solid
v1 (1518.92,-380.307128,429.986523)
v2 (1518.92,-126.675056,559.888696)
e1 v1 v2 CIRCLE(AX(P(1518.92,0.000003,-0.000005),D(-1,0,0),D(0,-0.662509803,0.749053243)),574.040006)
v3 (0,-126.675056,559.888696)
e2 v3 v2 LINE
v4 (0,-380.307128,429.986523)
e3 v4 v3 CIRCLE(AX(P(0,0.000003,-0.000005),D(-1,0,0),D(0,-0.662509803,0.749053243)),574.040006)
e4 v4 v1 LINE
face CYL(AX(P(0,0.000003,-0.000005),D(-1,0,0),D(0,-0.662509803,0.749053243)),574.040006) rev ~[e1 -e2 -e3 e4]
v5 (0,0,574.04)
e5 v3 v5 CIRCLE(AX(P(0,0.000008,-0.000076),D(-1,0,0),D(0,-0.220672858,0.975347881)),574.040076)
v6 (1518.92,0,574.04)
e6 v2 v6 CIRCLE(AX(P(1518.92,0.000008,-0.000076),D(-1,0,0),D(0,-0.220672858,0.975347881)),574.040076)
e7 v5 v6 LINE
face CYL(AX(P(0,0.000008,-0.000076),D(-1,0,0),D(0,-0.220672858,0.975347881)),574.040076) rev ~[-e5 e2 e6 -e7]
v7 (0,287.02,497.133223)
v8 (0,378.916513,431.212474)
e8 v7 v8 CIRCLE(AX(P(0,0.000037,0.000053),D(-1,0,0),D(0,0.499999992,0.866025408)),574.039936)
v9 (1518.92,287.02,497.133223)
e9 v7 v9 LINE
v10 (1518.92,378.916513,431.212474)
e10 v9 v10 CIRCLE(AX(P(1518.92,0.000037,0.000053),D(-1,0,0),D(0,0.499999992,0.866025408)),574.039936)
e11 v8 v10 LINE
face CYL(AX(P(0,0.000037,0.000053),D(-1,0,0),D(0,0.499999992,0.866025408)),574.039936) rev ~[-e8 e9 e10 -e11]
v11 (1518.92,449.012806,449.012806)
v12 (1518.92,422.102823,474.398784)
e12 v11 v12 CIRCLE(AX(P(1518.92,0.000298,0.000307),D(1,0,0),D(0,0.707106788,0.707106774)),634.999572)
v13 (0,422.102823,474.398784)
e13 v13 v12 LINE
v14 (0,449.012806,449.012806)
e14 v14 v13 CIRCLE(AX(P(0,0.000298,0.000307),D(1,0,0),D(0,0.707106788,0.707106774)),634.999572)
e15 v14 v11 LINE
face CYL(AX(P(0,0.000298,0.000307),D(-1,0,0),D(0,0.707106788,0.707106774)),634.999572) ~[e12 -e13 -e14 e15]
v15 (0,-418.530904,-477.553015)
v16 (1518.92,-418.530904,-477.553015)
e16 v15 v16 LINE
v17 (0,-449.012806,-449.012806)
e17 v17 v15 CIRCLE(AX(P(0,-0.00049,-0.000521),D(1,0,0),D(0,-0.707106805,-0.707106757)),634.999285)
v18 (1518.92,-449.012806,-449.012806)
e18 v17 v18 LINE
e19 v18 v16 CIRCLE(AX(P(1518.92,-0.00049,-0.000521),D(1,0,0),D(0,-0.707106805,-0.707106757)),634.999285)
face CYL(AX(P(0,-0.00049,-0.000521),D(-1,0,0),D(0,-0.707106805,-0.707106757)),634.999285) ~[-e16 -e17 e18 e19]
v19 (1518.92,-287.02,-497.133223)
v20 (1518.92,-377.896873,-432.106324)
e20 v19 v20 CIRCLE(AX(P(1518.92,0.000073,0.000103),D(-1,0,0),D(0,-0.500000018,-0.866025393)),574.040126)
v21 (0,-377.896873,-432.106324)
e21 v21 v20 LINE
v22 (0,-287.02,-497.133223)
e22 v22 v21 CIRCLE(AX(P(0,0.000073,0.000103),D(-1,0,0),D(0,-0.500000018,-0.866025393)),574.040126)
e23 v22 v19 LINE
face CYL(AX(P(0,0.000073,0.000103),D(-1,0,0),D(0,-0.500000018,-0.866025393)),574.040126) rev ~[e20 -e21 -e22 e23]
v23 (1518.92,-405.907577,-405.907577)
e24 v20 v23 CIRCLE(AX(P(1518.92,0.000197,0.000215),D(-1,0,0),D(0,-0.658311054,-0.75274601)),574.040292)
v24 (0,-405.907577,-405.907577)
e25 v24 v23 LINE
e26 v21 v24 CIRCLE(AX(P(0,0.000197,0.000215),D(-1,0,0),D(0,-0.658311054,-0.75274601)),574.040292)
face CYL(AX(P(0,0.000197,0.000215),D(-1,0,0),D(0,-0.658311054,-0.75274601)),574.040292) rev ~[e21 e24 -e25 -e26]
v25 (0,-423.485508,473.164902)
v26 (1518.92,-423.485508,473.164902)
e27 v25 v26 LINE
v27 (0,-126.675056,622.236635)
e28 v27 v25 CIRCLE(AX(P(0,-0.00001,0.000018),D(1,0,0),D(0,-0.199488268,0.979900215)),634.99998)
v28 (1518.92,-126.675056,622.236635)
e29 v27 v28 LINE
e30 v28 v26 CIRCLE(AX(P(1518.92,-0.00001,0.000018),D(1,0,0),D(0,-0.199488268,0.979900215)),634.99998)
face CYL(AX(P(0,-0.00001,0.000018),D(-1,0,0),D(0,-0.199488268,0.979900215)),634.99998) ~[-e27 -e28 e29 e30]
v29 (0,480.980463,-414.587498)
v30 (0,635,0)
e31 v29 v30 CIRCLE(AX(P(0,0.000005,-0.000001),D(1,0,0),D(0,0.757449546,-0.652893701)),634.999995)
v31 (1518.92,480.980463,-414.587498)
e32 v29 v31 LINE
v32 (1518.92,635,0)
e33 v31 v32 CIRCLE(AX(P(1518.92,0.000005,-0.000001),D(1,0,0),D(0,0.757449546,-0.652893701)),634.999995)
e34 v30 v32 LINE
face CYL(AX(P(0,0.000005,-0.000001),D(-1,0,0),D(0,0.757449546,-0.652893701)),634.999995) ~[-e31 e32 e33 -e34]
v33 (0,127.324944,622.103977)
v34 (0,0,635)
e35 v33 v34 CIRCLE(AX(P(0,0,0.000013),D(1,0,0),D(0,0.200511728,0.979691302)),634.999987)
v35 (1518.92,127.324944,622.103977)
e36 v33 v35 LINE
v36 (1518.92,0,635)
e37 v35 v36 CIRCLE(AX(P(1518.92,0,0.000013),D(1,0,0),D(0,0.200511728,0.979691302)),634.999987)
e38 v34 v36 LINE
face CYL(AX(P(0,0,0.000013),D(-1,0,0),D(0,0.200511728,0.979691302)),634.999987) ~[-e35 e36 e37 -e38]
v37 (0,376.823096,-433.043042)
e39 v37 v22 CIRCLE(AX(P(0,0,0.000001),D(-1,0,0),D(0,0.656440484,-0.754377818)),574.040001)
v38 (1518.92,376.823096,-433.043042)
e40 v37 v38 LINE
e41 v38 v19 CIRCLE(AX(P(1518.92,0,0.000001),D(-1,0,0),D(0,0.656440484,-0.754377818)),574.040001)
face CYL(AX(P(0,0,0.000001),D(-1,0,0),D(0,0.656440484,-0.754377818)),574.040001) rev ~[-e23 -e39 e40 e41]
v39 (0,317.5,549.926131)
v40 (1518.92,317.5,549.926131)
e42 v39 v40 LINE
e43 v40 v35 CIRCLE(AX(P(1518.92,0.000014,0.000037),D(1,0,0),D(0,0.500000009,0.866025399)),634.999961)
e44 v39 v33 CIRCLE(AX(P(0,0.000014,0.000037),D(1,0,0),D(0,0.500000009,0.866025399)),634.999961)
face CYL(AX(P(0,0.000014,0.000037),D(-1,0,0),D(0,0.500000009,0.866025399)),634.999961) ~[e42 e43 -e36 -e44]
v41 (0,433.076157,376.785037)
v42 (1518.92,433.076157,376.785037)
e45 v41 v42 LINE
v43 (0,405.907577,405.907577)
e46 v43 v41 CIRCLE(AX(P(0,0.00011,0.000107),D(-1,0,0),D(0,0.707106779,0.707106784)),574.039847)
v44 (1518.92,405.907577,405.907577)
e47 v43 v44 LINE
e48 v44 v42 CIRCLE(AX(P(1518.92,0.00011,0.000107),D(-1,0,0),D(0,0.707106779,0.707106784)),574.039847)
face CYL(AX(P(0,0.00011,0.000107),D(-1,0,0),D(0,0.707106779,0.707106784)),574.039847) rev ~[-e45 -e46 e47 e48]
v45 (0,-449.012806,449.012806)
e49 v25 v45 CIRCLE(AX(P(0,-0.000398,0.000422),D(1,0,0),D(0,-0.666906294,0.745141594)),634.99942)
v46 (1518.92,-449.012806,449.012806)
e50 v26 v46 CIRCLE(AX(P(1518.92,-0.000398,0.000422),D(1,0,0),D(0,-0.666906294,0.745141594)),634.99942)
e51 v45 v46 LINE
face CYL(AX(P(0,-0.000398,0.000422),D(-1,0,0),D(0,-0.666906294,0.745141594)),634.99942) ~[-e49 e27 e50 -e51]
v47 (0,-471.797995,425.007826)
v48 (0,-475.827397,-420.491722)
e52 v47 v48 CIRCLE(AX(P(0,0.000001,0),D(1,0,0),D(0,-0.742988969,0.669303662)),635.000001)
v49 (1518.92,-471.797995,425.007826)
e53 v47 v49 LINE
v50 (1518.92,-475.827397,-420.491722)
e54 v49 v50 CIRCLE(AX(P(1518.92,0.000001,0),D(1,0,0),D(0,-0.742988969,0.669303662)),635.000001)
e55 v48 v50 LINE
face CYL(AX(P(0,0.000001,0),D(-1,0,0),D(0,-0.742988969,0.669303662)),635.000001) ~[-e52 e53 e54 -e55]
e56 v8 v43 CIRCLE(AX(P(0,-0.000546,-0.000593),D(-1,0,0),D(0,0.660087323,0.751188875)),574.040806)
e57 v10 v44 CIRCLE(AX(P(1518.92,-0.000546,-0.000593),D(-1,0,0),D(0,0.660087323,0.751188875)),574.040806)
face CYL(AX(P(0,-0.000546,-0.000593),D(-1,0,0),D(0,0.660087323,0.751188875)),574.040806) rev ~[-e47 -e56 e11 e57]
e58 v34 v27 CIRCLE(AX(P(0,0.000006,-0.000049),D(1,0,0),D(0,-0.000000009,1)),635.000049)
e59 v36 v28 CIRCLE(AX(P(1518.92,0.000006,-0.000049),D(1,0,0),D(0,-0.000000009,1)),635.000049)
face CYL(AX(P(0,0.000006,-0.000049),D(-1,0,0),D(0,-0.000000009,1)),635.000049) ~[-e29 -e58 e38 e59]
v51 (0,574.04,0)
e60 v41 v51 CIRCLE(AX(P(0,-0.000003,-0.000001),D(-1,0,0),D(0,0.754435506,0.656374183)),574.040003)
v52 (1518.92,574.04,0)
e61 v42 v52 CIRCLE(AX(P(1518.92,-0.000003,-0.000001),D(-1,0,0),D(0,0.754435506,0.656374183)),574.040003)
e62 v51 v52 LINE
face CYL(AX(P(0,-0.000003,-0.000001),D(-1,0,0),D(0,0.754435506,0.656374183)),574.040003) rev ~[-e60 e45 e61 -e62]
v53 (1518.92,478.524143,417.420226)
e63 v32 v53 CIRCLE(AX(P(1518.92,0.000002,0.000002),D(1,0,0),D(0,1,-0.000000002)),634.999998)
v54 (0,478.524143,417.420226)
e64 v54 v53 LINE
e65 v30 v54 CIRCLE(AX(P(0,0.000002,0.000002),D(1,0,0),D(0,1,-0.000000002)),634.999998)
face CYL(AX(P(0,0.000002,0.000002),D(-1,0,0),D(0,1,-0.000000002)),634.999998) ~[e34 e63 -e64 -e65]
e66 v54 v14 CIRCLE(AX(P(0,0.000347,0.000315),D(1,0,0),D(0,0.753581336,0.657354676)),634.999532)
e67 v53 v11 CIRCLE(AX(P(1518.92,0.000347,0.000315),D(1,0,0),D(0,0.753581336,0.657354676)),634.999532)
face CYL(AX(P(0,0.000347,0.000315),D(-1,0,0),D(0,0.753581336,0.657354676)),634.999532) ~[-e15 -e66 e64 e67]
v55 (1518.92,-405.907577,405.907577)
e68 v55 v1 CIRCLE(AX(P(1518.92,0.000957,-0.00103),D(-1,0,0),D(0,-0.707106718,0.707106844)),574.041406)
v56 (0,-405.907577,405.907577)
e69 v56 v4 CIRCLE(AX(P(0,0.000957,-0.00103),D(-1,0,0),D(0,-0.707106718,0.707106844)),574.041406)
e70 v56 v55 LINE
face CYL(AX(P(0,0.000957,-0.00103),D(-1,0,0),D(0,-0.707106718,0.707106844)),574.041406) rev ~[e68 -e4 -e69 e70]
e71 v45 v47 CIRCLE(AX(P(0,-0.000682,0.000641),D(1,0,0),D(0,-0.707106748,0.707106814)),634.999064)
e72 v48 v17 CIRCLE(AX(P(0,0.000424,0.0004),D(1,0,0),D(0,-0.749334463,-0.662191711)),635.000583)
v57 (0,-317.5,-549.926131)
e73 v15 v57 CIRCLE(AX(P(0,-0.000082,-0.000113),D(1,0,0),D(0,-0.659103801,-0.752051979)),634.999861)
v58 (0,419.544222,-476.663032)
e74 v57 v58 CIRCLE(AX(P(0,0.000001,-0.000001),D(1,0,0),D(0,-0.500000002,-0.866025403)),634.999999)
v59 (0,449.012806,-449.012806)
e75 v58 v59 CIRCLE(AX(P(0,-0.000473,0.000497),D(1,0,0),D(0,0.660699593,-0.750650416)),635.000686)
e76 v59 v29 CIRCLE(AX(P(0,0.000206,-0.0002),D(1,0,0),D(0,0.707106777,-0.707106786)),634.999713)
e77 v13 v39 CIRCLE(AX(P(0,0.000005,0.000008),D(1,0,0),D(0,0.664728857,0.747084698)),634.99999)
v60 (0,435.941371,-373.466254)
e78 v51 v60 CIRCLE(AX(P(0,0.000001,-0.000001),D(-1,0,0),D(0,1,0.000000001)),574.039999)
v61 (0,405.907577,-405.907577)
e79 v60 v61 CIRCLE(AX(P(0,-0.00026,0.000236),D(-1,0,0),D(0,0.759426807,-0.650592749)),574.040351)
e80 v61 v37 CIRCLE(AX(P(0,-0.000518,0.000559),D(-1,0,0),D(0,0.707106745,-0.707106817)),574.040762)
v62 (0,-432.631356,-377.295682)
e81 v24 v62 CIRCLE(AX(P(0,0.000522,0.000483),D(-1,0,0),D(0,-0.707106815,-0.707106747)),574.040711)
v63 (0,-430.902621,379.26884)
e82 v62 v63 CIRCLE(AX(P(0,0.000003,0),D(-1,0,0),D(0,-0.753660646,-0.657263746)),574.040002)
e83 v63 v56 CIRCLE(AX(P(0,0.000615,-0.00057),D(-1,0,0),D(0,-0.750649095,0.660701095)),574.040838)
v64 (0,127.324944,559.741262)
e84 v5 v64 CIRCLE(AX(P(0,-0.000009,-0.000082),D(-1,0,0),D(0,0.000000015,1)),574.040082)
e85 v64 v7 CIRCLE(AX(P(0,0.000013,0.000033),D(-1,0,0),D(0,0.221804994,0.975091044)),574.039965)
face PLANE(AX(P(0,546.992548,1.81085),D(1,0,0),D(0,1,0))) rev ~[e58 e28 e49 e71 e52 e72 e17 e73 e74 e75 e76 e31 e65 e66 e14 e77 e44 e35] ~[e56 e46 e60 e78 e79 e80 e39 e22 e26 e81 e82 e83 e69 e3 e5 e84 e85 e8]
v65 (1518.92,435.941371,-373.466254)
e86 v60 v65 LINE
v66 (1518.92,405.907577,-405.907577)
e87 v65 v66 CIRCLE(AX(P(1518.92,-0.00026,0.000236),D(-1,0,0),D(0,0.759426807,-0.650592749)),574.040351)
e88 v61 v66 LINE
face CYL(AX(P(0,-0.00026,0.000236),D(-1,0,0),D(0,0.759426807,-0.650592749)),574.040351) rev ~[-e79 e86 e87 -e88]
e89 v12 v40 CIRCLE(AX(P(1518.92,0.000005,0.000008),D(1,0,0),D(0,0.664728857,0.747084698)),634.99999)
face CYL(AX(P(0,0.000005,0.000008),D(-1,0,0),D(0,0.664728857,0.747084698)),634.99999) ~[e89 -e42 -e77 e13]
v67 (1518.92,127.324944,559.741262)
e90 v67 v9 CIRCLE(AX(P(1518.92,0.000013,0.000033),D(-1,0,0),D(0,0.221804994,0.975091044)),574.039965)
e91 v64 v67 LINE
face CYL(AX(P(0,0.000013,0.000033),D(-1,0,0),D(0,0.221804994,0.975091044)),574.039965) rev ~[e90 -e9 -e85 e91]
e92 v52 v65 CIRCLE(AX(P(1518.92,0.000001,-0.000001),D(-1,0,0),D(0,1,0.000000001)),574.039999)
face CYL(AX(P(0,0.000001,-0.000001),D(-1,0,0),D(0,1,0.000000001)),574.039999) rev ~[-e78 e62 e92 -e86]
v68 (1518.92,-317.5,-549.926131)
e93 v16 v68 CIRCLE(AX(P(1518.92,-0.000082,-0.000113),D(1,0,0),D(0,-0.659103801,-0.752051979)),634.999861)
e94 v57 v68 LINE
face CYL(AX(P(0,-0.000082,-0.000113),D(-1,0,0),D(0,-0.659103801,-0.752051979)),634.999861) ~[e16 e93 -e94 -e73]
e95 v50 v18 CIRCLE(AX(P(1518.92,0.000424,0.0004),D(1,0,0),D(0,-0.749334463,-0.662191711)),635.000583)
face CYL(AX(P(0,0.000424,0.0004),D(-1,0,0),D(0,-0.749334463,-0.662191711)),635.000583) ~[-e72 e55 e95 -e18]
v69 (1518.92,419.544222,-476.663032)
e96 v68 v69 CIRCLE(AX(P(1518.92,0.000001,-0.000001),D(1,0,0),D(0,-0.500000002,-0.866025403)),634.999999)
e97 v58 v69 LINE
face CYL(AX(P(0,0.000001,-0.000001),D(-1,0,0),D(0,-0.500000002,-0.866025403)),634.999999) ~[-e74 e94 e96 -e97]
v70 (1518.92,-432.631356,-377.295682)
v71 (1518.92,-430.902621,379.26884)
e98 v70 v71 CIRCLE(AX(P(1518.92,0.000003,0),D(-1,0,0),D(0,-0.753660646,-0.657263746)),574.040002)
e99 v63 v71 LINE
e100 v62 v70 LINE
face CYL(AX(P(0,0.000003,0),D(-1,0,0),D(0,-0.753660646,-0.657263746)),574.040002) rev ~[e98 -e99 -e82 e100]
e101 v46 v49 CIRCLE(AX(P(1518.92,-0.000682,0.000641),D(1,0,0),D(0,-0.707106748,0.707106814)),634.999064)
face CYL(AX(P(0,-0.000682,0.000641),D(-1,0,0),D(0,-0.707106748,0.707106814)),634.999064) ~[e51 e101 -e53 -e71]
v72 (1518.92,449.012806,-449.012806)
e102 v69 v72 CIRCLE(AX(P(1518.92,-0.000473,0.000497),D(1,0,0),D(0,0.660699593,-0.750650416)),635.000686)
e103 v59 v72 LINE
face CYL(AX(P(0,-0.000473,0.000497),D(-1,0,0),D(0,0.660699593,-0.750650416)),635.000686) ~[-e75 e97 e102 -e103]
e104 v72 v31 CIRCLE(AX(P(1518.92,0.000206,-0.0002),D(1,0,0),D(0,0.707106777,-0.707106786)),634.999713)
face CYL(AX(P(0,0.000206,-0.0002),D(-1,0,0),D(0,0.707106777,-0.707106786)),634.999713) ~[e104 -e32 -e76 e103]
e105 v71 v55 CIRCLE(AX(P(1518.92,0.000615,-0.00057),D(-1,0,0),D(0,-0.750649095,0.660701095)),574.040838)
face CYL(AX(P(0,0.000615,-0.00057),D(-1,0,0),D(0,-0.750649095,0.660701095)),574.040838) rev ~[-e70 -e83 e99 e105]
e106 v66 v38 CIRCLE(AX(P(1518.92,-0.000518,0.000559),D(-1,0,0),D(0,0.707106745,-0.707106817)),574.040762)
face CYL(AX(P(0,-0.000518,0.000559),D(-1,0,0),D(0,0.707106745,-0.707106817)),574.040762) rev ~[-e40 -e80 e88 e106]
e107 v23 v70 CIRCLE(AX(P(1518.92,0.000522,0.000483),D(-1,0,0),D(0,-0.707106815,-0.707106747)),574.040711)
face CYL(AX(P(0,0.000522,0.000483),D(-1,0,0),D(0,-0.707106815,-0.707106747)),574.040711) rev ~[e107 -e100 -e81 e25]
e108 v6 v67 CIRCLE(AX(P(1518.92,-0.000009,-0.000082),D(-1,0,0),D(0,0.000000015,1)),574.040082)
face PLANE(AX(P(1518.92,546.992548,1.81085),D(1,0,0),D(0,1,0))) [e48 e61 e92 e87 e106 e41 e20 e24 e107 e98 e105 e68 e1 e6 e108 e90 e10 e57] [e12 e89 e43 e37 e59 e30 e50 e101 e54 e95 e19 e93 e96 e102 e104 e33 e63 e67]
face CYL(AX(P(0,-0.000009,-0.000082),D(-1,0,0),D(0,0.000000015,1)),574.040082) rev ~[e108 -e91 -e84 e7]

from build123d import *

# Parameters (mm, degrees)
F1_DEPTH = 1518.92


with BuildPart() as f1:
    # F0 (on Right) → F1 (new body)
    with BuildSketch(Plane.YZ):
        with BuildLine():
            ThreePointArc((480.980463, -414.587498), (595.251037, -221.136164), (635, 0))
            ThreePointArc((635, 0), (594.59559, 222.892541), (478.524143, 417.420226))
            Line((478.524143, 417.420226), (433.076157, 376.785037))
            ThreePointArc((433.076157, 376.785037), (537.64531, 201.145326), (574.04, 0))
            ThreePointArc((574.04, 0), (538.409559, -199.090604), (435.941371, -373.466254))
            Line((435.941371, -373.466254), (480.980463, -414.587498))
        make_face()
        with BuildLine():
            Line((433.076157, 376.785037), (478.524143, 417.420226))
            ThreePointArc((478.524143, 417.420226), (464.037413, 433.467738), (449.012806, 449.012806))
            Line((449.012806, 449.012806), (405.907577, 405.907577))
            ThreePointArc((405.907577, 405.907577), (419.744514, 391.582003), (433.076157, 376.785037))
        make_face()
        with BuildLine():
            ThreePointArc((449.012806, -449.012806), (465.315104, -432.095885), (480.980463, -414.587498))
            Line((480.980463, -414.587498), (435.941371, -373.466254))
            ThreePointArc((435.941371, -373.466254), (421.236896, -389.976152), (405.907577, -405.907577))
            Line((405.907577, -405.907577), (449.012806, -449.012806))
        make_face()
        with BuildLine():
            Line((405.907577, 405.907577), (449.012806, 449.012806))
            ThreePointArc((449.012806, 449.012806), (435.742724, 461.901806), (422.102823, 474.398784))
            Line((422.102823, 474.398784), (378.916513, 431.212474))
            ThreePointArc((378.916513, 431.212474), (392.615967, 418.777535), (405.907577, 405.907577))
        make_face()
        with BuildLine():
            ThreePointArc((419.544222, -476.663032), (434.498517, -463.07239), (449.012806, -449.012806))
            Line((449.012806, -449.012806), (405.907577, -405.907577))
            ThreePointArc((405.907577, -405.907577), (391.600447, -419.727306), (376.823096, -433.043042))
            Line((376.823096, -433.043042), (419.544222, -476.663032))
        make_face()
        with BuildLine():
            Line((378.916513, 431.212474), (422.102823, 474.398784))
            ThreePointArc((422.102823, 474.398784), (371.724601, 514.82601), (317.5, 549.926131))
            Line((317.5, 549.926131), (287.02, 497.133223))
            ThreePointArc((287.02, 497.133223), (334.595646, 466.441503), (378.916513, 431.212474))
        make_face()
        with BuildLine():
            ThreePointArc((-317.5, -549.926131), (62.81024, -631.885966), (419.544222, -476.663032))
            Line((419.544222, -476.663032), (376.823096, -433.043042))
            ThreePointArc((376.823096, -433.043042), (55.163728, -571.383308), (-287.02, -497.133223))
            Line((-287.02, -497.133223), (-317.5, -549.926131))
        make_face()
        with BuildLine():
            Line((287.02, 497.133223), (317.5, 549.926131))
            ThreePointArc((317.5, 549.926131), (225.321366, 593.679444), (127.324944, 622.103977))
            Line((127.324944, 622.103977), (127.324944, 559.741262))
            ThreePointArc((127.324944, 559.741262), (209.524163, 534.435728), (287.02, 497.133223))
        make_face()
        with BuildLine():
            ThreePointArc((-418.530904, -477.553015), (-369.790265, -516.217164), (-317.5, -549.926131))
            Line((-317.5, -549.926131), (-287.02, -497.133223))
            ThreePointArc((-287.02, -497.133223), (-334.044512, -466.836358), (-377.896873, -432.106324))
            Line((-377.896873, -432.106324), (-418.530904, -477.553015))
        make_face()
        with BuildLine():
            Line((127.324944, 559.741262), (127.324944, 622.103977))
            ThreePointArc((127.324944, 622.103977), (63.98818, 631.767768), (0, 635))
            Line((0, 635), (0, 574.04))
            ThreePointArc((0, 574.04), (64.062655, 570.454115), (127.324944, 559.741262))
        make_face()
        with BuildLine():
            ThreePointArc((-126.675056, 559.888696), (-63.731525, 570.491204), (0, 574.04))
            Line((0, 574.04), (0, 635))
            ThreePointArc((0, 635), (-63.658215, 631.801101), (-126.675056, 622.236635))
            Line((-126.675056, 622.236635), (-126.675056, 559.888696))
        make_face()
        with BuildLine():
            Line((-449.012806, 449.012806), (-405.907577, 405.907577))
            ThreePointArc((-405.907577, 405.907577), (-393.291672, 418.143016), (-380.307128, 429.986523))
            Line((-380.307128, 429.986523), (-423.485508, 473.164902))
            ThreePointArc((-423.485508, 473.164902), (-436.416267, 461.265479), (-449.012806, 449.012806))
        make_face()
        with BuildLine():
            ThreePointArc((-430.902621, 379.26884), (-418.617047, 392.787079), (-405.907577, 405.907577))
            Line((-405.907577, 405.907577), (-449.012806, 449.012806))
            ThreePointArc((-449.012806, 449.012806), (-460.561823, 437.15879), (-471.797995, 425.007826))
            Line((-471.797995, 425.007826), (-430.902621, 379.26884))
        make_face()
        with BuildLine():
            Line((-449.012806, -449.012806), (-405.907577, -405.907577))
            ThreePointArc((-405.907577, -405.907577), (-419.513463, -391.829524), (-432.631356, -377.295682))
            Line((-432.631356, -377.295682), (-475.827397, -420.491722))
            ThreePointArc((-475.827397, -420.491722), (-462.639939, -434.958948), (-449.012806, -449.012806))
        make_face()
        with BuildLine():
            ThreePointArc((-377.896873, -432.106324), (-392.121088, -419.24095), (-405.907577, -405.907577))
            Line((-405.907577, -405.907577), (-449.012806, -449.012806))
            ThreePointArc((-449.012806, -449.012806), (-434.006519, -463.533539), (-418.530904, -477.553015))
            Line((-418.530904, -477.553015), (-377.896873, -432.106324))
        make_face()
        with BuildLine():
            ThreePointArc((-380.307128, 429.986523), (-261.679914, 510.926163), (-126.675056, 559.888696))
            Line((-126.675056, 559.888696), (-126.675056, 622.236635))
            ThreePointArc((-126.675056, 622.236635), (-284.999574, 567.450653), (-423.485508, 473.164902))
            Line((-423.485508, 473.164902), (-380.307128, 429.986523))
        make_face()
        with BuildLine():
            ThreePointArc((-432.631356, -377.295682), (-574.038501, 1.311667), (-430.902621, 379.26884))
            Line((-430.902621, 379.26884), (-471.797995, 425.007826))
            ThreePointArc((-471.797995, 425.007826), (-634.992789, 3.026189), (-475.827397, -420.491722))
            Line((-475.827397, -420.491722), (-432.631356, -377.295682))
        make_face()
    extrude(amount=F1_DEPTH)


solid = f1.part
